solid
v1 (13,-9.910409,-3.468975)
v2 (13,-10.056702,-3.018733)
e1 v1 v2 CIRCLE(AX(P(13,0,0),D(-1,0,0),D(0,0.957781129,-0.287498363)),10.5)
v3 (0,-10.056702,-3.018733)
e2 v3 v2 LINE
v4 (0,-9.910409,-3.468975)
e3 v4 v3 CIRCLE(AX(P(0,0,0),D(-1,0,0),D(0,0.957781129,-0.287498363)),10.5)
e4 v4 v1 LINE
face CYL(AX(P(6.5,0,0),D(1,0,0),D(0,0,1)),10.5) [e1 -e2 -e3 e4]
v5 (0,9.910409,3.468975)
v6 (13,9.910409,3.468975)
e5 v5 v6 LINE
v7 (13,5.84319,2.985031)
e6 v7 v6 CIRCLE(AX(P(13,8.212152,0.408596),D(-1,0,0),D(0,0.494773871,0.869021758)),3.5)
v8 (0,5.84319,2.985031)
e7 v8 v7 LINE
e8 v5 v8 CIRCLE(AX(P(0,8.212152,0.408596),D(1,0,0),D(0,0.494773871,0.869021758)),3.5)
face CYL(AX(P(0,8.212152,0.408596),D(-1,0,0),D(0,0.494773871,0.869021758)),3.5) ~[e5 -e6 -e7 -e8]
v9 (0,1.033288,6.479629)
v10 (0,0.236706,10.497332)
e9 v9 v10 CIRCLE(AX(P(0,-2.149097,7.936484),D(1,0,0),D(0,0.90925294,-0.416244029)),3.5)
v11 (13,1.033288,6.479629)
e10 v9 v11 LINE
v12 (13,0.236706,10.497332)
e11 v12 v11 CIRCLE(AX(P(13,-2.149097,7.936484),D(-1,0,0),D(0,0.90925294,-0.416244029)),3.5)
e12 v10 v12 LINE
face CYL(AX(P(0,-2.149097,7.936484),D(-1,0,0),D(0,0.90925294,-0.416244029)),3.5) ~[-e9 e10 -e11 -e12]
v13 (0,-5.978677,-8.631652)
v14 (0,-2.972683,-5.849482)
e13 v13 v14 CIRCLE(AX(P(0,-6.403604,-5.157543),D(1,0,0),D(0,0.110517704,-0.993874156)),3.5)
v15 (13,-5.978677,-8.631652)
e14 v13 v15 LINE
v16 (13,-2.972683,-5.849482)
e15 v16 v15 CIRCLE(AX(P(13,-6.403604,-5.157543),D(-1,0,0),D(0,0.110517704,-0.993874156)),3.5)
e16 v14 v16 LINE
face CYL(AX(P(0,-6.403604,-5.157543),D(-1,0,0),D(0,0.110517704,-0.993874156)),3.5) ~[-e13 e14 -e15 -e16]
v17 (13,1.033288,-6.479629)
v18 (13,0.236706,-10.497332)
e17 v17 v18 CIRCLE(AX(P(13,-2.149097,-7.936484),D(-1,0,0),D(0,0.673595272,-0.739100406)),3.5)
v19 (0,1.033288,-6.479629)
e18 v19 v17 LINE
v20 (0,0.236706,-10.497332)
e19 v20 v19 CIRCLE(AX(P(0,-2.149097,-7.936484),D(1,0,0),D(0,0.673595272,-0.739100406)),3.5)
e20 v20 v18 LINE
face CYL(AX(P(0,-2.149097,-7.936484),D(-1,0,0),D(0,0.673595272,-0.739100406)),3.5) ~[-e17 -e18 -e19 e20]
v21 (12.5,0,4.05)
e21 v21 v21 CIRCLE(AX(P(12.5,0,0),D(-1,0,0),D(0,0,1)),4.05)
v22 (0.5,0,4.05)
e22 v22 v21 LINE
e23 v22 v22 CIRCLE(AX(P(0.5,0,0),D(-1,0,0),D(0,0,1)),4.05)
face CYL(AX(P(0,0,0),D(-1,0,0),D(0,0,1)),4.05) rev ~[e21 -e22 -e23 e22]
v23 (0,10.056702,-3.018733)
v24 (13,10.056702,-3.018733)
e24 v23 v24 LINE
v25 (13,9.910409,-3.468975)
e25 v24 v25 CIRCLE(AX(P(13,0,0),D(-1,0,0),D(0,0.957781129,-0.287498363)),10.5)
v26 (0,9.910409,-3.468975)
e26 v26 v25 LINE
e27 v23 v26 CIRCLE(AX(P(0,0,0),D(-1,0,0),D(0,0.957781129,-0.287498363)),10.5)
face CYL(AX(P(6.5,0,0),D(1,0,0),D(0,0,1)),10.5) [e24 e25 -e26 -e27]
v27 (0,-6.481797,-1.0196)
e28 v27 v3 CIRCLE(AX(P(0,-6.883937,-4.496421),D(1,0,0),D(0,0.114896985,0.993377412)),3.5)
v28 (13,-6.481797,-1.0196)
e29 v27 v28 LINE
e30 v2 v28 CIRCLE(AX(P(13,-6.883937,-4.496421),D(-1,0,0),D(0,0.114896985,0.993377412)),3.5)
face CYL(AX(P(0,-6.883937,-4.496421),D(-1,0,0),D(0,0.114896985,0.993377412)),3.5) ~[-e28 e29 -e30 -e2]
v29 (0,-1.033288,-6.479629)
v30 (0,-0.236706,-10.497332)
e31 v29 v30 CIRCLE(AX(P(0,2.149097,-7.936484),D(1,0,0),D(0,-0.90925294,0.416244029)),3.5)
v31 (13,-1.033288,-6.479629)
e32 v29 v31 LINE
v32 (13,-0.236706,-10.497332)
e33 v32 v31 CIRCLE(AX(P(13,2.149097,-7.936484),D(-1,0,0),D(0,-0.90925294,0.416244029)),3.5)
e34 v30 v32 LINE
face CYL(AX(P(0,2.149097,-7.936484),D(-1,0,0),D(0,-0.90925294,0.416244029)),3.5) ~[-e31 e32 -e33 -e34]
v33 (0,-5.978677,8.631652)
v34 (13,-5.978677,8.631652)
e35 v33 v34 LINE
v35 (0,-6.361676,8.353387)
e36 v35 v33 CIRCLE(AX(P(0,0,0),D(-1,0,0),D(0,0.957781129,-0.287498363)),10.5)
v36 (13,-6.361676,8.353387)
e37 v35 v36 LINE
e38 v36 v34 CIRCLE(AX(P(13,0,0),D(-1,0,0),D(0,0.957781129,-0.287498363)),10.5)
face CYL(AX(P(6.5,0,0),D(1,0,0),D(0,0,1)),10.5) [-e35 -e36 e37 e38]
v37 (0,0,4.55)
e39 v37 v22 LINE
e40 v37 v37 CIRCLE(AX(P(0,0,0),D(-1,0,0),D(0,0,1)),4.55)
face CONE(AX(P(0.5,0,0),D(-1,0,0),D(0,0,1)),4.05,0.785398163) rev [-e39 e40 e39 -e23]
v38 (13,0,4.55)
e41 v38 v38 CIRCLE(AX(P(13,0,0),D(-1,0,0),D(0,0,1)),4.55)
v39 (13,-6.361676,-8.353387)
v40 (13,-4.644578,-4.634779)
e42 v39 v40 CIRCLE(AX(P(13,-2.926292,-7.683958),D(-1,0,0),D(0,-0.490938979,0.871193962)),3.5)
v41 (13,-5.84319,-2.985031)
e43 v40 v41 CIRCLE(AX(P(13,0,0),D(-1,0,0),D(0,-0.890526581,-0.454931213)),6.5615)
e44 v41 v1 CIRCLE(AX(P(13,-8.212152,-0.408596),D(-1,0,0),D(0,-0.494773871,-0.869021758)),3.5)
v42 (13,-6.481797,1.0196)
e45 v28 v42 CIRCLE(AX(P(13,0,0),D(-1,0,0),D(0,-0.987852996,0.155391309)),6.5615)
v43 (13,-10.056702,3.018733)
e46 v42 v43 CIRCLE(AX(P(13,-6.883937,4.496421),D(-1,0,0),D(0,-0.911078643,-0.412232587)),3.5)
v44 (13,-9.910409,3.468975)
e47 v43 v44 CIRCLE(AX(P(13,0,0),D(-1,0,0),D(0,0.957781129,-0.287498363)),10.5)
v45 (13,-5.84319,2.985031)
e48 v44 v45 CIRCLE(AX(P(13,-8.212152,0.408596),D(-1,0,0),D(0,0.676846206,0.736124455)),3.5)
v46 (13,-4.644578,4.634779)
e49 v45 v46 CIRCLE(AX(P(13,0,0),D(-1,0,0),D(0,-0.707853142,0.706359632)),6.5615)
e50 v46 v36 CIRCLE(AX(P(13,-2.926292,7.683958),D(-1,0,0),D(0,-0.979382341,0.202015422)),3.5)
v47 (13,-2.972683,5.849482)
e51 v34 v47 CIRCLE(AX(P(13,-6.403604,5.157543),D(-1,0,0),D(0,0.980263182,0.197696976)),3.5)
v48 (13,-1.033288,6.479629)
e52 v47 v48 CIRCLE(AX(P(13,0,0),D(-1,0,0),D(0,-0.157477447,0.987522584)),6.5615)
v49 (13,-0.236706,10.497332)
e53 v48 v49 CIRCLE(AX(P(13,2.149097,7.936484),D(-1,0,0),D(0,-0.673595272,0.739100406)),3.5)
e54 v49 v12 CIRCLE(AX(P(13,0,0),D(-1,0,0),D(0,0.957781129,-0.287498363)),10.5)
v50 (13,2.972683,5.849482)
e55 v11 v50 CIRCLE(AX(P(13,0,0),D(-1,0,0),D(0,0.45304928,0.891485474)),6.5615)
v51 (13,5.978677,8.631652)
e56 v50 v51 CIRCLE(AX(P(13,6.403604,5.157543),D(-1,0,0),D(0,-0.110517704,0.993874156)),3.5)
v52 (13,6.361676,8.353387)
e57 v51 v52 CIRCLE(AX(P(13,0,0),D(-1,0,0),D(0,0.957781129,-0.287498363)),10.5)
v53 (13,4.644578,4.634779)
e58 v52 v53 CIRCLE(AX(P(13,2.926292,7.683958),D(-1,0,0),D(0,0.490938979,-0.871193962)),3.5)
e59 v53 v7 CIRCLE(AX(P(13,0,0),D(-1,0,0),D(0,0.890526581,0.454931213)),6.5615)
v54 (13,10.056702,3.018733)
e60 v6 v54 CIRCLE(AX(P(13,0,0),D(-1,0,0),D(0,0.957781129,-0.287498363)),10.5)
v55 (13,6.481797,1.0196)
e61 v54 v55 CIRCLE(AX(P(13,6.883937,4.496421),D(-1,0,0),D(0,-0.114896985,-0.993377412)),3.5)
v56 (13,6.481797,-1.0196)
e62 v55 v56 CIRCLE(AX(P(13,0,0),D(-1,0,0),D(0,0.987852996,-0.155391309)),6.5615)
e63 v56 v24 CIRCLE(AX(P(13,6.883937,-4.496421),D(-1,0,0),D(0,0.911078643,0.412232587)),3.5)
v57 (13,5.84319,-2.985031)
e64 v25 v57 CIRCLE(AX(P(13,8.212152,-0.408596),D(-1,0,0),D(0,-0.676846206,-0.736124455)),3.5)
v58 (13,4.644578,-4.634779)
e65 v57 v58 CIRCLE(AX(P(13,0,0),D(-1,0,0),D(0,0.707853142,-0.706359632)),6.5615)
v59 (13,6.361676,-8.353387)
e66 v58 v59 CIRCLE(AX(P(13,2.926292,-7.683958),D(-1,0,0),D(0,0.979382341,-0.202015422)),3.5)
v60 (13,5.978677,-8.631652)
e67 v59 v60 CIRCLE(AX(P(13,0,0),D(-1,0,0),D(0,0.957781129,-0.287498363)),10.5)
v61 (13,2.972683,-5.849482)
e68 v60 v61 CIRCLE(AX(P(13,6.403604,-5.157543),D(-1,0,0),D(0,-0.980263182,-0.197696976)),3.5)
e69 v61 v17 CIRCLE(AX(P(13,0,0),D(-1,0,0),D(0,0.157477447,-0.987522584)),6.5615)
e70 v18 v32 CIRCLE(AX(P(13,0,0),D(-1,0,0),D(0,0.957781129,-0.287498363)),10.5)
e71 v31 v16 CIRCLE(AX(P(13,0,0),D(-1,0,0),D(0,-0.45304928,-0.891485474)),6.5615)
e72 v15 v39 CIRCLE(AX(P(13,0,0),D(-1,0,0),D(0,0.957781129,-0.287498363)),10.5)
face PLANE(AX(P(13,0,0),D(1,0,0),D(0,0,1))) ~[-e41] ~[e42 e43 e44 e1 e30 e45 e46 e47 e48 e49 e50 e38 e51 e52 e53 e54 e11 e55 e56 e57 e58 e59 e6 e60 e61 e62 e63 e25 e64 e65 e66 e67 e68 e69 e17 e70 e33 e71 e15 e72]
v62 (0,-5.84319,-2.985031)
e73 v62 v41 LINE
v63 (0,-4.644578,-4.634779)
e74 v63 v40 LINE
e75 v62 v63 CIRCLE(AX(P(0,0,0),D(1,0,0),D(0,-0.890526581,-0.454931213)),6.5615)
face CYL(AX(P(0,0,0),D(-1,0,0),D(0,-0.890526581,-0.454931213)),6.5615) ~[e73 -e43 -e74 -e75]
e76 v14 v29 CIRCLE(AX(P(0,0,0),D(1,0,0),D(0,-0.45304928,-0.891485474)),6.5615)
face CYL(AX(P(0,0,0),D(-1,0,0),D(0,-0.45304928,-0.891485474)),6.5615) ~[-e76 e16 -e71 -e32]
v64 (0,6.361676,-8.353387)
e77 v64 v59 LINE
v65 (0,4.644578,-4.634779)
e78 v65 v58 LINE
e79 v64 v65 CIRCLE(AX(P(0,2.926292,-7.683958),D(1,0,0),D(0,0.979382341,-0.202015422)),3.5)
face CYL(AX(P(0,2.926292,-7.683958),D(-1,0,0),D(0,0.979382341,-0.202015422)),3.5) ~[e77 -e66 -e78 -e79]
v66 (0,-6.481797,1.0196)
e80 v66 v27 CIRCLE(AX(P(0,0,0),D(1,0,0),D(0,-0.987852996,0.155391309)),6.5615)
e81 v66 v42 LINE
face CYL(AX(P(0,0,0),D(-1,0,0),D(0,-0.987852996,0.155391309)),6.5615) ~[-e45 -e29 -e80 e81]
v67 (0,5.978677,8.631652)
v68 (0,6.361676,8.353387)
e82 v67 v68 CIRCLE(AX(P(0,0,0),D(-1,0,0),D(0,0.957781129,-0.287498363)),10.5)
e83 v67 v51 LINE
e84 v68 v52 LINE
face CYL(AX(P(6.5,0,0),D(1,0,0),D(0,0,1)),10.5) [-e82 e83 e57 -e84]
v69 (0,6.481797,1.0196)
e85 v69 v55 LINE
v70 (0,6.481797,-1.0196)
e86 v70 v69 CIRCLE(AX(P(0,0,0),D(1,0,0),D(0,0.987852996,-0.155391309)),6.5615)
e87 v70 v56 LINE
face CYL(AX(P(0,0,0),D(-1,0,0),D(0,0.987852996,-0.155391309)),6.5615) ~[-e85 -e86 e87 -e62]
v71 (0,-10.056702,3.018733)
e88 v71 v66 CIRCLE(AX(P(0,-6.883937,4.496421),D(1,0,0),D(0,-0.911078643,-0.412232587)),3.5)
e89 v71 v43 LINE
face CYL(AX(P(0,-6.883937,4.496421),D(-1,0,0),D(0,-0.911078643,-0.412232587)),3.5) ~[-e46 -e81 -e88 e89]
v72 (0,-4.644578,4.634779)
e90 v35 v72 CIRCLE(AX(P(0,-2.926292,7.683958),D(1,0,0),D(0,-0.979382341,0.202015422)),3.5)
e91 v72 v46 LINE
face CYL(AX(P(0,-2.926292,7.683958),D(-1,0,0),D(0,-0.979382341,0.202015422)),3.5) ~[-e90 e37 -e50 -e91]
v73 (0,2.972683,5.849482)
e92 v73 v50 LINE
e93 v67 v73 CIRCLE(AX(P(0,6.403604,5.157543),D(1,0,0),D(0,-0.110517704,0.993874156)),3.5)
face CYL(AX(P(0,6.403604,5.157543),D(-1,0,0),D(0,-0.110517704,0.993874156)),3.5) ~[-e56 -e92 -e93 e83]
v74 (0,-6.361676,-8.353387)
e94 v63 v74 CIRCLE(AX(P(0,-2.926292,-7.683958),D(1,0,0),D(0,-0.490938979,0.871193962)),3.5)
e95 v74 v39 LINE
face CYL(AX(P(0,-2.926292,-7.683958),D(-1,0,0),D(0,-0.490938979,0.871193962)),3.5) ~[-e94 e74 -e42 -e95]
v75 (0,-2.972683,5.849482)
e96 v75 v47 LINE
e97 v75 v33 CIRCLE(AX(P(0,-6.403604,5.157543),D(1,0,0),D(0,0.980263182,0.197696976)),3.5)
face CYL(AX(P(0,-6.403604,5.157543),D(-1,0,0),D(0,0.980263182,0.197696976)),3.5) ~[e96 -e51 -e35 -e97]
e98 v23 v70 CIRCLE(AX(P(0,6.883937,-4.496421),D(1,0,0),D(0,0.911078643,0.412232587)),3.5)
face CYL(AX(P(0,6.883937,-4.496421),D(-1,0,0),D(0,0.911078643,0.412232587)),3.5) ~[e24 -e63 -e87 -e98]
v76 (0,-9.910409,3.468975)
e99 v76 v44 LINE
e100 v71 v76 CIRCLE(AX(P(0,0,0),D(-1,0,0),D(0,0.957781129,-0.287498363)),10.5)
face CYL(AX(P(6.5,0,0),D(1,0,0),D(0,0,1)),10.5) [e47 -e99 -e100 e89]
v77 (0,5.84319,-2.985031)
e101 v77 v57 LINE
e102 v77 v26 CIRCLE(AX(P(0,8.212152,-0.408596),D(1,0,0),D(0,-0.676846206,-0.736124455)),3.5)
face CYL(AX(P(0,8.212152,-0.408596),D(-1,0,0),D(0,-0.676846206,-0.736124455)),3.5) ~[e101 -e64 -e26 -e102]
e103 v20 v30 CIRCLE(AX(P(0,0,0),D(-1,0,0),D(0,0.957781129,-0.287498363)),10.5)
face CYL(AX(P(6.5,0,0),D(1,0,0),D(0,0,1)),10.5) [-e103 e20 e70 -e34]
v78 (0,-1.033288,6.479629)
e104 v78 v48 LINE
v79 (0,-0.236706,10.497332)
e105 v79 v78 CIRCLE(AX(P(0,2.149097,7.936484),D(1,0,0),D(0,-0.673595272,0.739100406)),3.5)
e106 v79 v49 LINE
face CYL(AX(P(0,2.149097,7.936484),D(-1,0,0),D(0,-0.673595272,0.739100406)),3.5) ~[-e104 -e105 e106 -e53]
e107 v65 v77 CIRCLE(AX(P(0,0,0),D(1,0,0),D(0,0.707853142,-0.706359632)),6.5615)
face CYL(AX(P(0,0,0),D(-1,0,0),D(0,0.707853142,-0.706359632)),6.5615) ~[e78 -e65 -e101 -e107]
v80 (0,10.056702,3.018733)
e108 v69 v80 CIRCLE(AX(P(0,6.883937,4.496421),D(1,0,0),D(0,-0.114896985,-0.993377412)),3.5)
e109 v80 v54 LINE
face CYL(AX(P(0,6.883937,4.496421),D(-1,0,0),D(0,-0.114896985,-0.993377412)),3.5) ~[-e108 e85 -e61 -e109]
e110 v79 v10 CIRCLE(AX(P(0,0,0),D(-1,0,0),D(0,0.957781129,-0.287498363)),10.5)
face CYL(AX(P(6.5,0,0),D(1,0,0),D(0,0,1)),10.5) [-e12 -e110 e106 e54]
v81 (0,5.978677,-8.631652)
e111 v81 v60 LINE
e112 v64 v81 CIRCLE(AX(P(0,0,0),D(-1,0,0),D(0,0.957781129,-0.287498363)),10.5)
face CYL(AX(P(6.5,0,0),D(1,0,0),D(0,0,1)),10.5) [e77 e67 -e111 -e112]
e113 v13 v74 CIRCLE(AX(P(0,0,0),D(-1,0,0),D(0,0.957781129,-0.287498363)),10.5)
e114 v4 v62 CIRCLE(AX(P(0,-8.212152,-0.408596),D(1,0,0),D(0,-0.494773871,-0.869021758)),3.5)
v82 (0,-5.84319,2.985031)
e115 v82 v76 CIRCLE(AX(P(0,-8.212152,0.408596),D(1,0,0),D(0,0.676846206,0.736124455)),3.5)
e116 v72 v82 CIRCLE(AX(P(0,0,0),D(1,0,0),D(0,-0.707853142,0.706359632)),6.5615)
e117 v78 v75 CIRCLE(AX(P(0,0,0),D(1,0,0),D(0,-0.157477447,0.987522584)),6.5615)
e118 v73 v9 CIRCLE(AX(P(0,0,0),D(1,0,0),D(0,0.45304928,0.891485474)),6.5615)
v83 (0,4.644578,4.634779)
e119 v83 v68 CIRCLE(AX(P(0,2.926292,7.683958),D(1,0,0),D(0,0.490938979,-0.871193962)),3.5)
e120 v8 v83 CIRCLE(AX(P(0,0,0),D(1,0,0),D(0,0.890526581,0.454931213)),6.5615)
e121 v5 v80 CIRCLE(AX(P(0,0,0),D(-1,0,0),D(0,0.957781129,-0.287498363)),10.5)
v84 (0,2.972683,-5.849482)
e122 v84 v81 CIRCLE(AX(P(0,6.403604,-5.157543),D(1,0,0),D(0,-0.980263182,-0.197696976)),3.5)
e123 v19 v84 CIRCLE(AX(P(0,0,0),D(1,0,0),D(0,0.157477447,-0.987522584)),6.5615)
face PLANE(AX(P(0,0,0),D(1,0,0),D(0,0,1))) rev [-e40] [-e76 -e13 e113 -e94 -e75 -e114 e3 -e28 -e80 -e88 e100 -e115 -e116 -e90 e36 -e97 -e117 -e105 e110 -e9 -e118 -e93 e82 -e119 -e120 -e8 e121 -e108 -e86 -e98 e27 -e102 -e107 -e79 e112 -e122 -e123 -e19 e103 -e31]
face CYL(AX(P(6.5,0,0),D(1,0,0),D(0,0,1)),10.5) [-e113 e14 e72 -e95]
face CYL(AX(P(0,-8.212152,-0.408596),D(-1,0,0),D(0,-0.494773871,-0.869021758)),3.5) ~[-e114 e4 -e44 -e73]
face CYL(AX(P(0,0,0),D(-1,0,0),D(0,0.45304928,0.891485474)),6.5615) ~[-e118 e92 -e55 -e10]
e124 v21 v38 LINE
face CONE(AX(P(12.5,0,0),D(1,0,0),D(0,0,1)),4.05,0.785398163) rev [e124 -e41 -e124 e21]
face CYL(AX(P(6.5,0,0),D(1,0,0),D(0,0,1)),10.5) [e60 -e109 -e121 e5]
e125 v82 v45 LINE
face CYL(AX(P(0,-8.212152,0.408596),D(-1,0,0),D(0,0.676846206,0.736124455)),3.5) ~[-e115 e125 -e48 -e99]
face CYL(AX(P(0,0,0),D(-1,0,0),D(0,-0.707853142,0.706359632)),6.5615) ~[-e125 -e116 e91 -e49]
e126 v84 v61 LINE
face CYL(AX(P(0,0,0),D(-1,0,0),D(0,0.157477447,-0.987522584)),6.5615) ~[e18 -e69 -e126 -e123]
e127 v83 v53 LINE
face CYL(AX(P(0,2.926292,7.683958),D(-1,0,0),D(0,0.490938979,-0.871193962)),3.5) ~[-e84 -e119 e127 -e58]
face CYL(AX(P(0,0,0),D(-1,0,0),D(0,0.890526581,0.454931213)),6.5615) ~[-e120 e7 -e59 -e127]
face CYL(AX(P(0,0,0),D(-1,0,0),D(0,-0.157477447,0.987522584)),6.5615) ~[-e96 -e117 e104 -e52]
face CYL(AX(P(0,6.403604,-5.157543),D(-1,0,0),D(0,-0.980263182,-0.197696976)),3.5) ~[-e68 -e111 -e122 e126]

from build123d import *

# Parameters (mm, degrees)
BASPROSKE_W        = 13
BASPROSKE_H        = 10.5
TOOTHCUT_DEPTH     = 20.735754356
TEETHCUTS_COUNT    = 10
TEETHCUTS_ANGLE    = 324
BORSKE_R           = 1.5
BORE_DEPTH         = 50.0000508
CUT_EXTRUDE1_REACH = 21.504
SKETCH1_R          = 4.05
CHAMFER1_SIZE      = 0.5


with BuildPart() as part:
    # BasProSke → Base-Revolve (revolve)
    with BuildSketch(Plane(origin=(0, 0, 0), x_dir=(1, 0, 0), z_dir=(0, 1, 0)), mode=Mode.PRIVATE) as base_revolve_sk:
        with Locations((6.5, 5.25)):
            Rectangle(BASPROSKE_W, BASPROSKE_H)
    revolve(base_revolve_sk.sketch.rotate(Axis((-10, 0, 0), (1, 0, 0)), 180), axis=Axis((-10, 0, 0), (1, 0, 0)))

    # TooCutSke → ToothCut (cut, through all)
    with BuildSketch(Plane(origin=(0, 0, 0), x_dir=(0, 0, -1), z_dir=(1, 0, 0))):
        with BuildLine():
            ThreePointArc((1.019600066, 6.481797432), (0, 6.5615), (-1.019600066, 6.481797432))
            ThreePointArc((-1.019600066, 6.481797432), (-1.451036104, 8.608938557), (-3.053606956, 10.072712133))
            ThreePointArc((-3.053606956, 10.072712133), (0, 10.5254), (3.053606956, 10.072712133))
            ThreePointArc((3.053606956, 10.072712133), (1.451036104, 8.608938557), (1.019600066, 6.481797432))
        make_face()
    toothcut = extrude(amount=TOOTHCUT_DEPTH, mode=Mode.SUBTRACT)

    # TeethCuts: ToothCut ×10 about axis
    teethcuts_axis = Axis((-10, 0, 0), (1, 0, 0))
    for i in range(1, TEETHCUTS_COUNT):
        add(toothcut.rotate(teethcuts_axis, i * TEETHCUTS_ANGLE / (TEETHCUTS_COUNT - 1)), mode=Mode.SUBTRACT)

    # BorSke → Bore (cut, symmetric)
    with BuildSketch(Plane(origin=(0, 0, 0), x_dir=(0, 0, -1), z_dir=(1, 0, 0))):
        with Locations(Location((0, 0, 0), (0, 0, 180))):
            Circle(BORSKE_R)
    extrude(amount=BORE_DEPTH, both=True, mode=Mode.SUBTRACT)

    # Sketch1 → Cut-Extrude1 (cut, up to next)
    with BuildSketch(Plane.ZY, mode=Mode.PRIVATE) as cut_extrude1_sk1:
        Circle(SKETCH1_R)
    cut_extrude1_tool1 = extrude(cut_extrude1_sk1.sketch, amount=-CUT_EXTRUDE1_REACH, mode=Mode.PRIVATE) & part.part
    add(cut_extrude1_tool1.solids().sort_by_distance((0, 0, 0))[0], mode=Mode.SUBTRACT)

    # Chamfer1
    chamfer1_edges = [part.edges().sort_by_distance(p)[0] for p in [
        (0, 0, -4.05),
        (13, 0, -4.05),
    ]]
    chamfer(chamfer1_edges, length=CHAMFER1_SIZE)


solid = part.part
